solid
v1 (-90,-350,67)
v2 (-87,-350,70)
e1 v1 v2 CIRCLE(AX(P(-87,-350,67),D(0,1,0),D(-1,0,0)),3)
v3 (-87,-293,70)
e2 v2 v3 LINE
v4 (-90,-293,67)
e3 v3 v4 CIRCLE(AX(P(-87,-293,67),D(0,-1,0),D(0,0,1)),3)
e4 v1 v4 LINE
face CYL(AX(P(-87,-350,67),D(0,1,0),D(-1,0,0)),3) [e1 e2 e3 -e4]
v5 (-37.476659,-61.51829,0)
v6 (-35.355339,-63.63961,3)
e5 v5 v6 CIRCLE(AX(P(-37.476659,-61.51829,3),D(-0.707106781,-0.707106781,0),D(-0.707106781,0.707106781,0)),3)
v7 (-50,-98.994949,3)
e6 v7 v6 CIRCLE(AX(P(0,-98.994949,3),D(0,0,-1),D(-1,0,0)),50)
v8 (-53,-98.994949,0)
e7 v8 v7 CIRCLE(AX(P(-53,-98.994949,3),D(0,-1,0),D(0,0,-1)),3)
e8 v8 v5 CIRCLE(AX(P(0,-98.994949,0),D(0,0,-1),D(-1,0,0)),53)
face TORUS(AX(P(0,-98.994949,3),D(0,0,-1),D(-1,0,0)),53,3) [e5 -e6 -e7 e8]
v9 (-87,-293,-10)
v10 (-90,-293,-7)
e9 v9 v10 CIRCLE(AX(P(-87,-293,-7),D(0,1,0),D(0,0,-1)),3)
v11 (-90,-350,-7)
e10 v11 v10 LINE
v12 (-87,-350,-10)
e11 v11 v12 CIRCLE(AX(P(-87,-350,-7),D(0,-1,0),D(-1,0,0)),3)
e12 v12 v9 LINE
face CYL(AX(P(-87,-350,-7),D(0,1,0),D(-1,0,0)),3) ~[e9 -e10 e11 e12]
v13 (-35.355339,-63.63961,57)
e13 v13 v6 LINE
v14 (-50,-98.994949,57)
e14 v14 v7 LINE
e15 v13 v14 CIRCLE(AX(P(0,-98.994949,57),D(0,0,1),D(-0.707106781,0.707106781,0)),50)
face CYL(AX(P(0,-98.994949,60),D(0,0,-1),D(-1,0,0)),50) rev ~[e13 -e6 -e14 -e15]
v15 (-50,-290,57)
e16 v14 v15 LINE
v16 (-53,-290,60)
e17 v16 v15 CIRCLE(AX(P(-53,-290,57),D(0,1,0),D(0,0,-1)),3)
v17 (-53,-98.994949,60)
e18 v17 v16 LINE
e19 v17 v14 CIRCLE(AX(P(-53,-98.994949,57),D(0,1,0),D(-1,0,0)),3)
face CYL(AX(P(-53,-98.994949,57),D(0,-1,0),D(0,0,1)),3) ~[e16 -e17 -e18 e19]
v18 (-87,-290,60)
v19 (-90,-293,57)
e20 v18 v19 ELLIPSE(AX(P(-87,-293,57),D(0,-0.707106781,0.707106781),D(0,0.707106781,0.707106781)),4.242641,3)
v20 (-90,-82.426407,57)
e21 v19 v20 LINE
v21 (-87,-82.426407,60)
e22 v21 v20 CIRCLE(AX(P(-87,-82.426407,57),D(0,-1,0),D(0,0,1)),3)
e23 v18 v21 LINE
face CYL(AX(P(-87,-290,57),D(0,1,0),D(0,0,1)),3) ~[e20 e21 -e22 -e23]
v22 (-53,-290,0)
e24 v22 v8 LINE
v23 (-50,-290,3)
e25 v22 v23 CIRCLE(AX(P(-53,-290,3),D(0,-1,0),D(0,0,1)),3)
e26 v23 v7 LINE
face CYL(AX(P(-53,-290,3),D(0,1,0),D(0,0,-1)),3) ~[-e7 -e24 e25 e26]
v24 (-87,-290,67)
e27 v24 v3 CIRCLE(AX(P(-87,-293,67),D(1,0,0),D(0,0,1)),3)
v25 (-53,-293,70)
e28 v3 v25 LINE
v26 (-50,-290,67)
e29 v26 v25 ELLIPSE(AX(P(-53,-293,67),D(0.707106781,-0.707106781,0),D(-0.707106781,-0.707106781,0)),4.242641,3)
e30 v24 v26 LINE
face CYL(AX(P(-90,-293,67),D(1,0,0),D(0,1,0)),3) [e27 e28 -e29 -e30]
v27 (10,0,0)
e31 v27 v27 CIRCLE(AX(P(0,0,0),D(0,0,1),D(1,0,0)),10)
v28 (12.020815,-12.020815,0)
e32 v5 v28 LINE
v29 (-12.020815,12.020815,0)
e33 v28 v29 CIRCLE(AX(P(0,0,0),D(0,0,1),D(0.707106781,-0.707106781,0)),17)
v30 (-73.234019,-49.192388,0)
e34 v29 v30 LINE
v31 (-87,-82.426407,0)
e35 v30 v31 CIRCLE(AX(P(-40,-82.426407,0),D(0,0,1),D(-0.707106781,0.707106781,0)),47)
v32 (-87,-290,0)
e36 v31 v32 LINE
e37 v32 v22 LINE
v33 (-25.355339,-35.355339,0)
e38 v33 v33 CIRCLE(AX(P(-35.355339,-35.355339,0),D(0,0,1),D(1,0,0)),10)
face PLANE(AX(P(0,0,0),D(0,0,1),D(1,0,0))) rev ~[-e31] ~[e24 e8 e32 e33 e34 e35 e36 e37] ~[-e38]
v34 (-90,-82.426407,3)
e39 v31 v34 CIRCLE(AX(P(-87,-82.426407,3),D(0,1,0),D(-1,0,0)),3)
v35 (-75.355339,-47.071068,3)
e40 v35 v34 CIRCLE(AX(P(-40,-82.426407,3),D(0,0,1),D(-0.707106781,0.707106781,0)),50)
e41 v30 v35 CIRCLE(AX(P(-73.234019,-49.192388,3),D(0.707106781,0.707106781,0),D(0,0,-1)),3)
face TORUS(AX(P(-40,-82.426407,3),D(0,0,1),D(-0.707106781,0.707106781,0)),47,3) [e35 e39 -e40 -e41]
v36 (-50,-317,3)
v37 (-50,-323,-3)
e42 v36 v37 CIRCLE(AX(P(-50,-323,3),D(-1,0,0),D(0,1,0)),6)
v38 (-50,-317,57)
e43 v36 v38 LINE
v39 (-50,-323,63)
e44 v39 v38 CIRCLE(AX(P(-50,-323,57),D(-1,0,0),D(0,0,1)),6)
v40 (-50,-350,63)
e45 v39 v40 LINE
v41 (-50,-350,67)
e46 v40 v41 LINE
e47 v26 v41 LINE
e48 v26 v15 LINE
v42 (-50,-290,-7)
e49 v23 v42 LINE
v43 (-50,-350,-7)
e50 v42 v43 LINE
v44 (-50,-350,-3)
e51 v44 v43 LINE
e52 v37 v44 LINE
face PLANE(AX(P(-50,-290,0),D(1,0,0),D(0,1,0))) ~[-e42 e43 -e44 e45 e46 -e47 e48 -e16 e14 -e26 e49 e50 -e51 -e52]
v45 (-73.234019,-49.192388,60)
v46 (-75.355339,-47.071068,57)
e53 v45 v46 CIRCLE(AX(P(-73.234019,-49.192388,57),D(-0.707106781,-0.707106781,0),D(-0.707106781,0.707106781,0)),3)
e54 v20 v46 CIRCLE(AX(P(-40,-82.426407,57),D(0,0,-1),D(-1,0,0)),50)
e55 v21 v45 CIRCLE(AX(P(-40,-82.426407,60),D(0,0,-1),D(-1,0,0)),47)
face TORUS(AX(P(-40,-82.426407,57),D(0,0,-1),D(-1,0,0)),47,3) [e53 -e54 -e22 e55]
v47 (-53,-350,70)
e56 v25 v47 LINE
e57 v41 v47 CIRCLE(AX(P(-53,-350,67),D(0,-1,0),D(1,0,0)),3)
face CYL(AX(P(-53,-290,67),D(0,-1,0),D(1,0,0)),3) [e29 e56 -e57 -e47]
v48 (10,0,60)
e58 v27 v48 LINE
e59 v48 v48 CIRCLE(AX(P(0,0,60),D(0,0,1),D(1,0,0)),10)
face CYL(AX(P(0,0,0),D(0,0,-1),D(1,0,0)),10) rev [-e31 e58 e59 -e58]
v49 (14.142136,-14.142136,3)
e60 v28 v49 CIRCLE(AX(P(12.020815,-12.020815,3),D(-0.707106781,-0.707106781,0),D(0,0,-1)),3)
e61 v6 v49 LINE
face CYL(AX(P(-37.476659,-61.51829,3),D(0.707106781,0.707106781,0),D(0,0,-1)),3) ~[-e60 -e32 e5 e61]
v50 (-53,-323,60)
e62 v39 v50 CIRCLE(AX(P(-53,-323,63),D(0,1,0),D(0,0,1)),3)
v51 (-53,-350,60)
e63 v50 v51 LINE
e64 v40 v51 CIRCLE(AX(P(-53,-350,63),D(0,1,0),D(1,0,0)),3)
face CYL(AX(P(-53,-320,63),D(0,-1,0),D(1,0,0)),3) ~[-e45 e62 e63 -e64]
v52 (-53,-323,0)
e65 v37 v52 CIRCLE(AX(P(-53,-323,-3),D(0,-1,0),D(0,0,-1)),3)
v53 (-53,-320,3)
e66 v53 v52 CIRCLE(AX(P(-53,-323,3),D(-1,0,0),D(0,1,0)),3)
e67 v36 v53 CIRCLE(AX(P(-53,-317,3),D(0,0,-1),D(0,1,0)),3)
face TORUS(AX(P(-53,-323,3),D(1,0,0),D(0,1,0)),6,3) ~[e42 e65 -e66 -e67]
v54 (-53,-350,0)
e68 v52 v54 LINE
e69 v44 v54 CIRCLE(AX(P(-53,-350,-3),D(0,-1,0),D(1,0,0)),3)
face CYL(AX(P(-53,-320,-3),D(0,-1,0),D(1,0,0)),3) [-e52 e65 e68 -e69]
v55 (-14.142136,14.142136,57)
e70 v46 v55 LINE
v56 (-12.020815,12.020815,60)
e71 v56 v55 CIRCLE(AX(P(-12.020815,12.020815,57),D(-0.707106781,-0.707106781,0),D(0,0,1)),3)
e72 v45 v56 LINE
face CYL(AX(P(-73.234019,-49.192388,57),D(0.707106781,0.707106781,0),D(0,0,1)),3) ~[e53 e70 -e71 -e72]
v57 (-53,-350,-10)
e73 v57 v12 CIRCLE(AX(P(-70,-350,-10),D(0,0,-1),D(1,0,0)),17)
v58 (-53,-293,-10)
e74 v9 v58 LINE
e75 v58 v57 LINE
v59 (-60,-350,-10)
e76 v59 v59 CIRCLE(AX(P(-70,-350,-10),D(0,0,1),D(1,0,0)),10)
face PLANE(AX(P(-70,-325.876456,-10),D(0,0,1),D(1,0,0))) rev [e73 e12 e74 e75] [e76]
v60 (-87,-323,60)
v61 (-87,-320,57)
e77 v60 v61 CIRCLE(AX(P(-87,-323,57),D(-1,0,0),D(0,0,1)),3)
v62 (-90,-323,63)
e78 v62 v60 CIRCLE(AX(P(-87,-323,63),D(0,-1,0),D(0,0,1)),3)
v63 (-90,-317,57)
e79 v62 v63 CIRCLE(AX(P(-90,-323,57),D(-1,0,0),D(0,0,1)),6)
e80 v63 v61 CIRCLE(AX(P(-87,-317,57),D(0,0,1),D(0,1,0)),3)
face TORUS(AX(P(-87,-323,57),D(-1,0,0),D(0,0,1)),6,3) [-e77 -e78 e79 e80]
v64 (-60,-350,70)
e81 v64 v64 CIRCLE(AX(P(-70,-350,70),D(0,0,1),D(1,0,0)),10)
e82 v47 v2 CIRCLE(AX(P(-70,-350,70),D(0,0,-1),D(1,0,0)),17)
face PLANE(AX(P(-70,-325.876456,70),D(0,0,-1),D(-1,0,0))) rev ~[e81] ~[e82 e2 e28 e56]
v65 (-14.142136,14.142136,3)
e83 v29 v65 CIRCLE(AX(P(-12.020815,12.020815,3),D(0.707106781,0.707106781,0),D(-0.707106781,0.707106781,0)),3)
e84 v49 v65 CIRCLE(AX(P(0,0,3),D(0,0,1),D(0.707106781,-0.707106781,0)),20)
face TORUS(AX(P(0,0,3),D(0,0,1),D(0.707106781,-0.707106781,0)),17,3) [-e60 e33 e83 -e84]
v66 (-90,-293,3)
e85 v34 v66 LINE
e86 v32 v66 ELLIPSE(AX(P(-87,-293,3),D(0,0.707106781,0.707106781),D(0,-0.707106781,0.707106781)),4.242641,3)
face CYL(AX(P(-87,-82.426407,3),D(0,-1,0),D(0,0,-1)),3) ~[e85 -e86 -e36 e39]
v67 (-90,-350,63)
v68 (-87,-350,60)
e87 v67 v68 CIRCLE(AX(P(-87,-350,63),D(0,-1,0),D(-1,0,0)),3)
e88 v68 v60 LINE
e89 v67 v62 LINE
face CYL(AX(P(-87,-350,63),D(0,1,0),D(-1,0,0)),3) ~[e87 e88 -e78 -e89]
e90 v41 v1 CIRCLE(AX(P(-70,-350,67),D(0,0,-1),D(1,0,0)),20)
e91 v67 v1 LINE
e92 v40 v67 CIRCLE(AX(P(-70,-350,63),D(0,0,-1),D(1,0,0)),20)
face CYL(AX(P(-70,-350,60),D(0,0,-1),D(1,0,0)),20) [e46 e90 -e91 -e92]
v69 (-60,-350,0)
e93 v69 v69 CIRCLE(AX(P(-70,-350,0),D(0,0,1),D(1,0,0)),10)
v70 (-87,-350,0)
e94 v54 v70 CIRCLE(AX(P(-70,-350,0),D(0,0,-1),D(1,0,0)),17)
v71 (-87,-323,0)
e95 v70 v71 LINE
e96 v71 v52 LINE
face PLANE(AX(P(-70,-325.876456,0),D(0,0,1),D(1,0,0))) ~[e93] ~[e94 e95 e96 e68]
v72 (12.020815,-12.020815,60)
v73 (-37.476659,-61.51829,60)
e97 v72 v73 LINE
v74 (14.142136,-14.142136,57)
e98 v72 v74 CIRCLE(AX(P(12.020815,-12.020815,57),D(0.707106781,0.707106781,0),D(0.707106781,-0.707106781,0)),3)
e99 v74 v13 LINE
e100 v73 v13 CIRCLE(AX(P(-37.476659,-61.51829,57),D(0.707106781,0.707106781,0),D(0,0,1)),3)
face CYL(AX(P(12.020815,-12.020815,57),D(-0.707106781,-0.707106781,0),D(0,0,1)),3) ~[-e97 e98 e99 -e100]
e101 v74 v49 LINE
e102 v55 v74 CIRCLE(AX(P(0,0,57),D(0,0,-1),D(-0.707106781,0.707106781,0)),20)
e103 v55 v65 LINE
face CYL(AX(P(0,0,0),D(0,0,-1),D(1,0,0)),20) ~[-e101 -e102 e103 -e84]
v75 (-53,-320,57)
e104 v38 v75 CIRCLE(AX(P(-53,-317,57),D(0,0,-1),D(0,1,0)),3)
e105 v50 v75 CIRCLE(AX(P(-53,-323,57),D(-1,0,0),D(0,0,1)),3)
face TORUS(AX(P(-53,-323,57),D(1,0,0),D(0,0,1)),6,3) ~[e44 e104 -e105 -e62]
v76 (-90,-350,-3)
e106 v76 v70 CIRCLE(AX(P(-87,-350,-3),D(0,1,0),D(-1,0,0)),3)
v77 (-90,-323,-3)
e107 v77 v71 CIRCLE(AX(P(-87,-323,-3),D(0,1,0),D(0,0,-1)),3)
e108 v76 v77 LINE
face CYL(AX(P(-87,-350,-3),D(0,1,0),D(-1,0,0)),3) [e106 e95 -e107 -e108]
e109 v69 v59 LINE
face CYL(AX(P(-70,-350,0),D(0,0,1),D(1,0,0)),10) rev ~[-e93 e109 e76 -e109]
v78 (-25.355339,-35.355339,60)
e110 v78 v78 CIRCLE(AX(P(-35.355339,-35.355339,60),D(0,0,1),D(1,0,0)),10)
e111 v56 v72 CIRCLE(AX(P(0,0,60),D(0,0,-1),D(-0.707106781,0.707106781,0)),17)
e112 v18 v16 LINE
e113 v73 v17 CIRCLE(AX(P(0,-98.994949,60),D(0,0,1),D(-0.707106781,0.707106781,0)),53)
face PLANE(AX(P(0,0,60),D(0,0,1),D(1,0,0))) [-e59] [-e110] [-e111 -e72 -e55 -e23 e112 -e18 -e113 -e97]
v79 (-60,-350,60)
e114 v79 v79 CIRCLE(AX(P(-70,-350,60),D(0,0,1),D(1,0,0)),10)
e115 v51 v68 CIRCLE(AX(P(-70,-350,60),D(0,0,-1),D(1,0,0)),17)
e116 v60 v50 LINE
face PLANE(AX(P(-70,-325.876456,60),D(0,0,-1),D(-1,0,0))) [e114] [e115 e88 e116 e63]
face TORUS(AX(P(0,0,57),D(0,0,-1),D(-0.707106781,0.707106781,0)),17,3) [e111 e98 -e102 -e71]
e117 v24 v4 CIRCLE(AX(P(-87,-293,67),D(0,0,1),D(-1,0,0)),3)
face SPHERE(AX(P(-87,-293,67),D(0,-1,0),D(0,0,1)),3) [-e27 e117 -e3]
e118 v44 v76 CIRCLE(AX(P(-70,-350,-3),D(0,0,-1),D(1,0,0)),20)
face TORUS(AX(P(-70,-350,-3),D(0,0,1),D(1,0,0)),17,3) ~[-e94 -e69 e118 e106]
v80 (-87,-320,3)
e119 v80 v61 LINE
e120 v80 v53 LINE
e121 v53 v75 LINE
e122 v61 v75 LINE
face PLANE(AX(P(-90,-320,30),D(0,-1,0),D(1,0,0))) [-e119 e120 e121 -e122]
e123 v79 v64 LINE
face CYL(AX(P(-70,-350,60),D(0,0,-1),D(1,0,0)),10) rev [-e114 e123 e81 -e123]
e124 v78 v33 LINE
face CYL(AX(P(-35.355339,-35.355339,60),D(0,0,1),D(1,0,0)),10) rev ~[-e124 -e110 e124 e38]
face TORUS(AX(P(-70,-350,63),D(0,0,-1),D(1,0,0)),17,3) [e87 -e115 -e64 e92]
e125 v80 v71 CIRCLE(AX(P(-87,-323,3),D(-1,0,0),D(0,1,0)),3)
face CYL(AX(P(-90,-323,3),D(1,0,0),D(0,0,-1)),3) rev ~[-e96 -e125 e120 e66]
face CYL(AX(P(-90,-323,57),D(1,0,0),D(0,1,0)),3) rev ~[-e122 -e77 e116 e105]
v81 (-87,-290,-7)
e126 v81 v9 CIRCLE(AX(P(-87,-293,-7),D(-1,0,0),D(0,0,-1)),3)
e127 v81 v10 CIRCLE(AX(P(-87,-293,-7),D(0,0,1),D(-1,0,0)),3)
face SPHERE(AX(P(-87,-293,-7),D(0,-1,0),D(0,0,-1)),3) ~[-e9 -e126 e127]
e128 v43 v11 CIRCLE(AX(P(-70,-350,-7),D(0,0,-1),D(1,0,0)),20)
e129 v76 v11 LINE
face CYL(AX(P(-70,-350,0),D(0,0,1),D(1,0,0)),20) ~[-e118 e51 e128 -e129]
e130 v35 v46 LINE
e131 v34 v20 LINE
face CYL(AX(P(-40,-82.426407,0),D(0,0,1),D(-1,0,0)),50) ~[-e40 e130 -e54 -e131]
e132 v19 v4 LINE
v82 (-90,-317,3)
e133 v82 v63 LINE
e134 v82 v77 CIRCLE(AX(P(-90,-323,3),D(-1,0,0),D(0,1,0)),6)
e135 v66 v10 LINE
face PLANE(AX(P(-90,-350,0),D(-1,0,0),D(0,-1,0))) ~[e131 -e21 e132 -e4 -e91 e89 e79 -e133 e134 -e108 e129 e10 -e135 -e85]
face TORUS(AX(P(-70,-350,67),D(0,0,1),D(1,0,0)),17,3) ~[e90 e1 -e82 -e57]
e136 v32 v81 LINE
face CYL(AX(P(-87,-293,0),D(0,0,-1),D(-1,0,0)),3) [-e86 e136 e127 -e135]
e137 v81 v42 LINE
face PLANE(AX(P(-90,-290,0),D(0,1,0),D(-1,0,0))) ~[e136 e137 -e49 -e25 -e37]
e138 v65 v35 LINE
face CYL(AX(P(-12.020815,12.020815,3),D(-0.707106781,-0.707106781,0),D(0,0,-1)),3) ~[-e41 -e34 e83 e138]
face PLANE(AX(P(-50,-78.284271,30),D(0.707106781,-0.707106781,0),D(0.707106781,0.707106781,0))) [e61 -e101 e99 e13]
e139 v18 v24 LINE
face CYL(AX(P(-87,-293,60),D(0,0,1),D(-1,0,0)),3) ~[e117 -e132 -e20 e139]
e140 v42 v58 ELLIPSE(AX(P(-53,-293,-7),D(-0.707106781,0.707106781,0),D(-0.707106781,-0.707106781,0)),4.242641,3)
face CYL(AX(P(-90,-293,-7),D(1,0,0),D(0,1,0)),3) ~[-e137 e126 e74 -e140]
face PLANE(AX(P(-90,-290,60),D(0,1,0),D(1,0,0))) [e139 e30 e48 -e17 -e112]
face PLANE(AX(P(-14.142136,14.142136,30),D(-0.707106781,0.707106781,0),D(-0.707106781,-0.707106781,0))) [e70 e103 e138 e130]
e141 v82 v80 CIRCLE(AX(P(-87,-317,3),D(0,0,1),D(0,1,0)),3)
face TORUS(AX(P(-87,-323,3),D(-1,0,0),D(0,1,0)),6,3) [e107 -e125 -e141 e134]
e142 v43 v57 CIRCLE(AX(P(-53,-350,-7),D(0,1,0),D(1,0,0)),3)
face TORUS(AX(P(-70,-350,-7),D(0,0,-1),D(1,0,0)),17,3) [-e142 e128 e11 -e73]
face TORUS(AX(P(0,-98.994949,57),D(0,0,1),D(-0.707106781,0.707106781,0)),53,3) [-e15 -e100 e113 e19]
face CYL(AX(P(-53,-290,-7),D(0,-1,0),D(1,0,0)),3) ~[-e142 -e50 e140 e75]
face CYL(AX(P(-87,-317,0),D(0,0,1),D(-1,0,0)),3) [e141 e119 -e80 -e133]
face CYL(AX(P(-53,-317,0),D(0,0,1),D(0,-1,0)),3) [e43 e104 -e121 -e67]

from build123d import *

# Parameters (mm, degrees)
SKETCH_1_R          = 20
SKETCH_1_R_2        = 10
EXTRUDE_1_DEPTH     = 60
EXTRUDE_2_DEPTH     = 30
SKETCH_4_R          = 10
EXTRUDE_3_DEPTH     = 10
SKETCH_8_R          = 10
CUT_EXTRUDE_1_DEPTH = 100
FILLET_1_R          = 50
FILLET_2_R          = 3


with BuildPart() as part:
    # 草图1 → 凸台-拉伸1 (new body)
    with BuildSketch(Plane.XY):
        Circle(SKETCH_1_R)
        Circle(SKETCH_1_R_2, mode=Mode.SUBTRACT)
    extrude(amount=EXTRUDE_1_DEPTH)

    # 草图2 → 凸台-拉伸2 (add, symmetric)
    with BuildSketch(Plane.XY.offset(30)):
        with BuildLine():
            Line((-14.142135624, 14.142135624), (-90, -61.715728753))
            Line((-90, -61.715728753), (-90, -320))
            Line((-90, -320), (-50, -320))
            Line((-50, -320), (-50, -78.284271247))
            Line((-50, -78.284271247), (14.142135624, -14.142135624))
            ThreePointArc((14.142135624, -14.142135624), (-14.142135624, -14.142135624), (-14.142135624, 14.142135624))
        make_face()
    extrude(amount=EXTRUDE_2_DEPTH, both=True)

    # 草图4 → 凸台-拉伸3 (add)
    with BuildSketch(Plane.XY.offset(60)):
        with BuildLine():
            Line((-90, -290), (-50, -290))
            Line((-50, -290), (-50, -350))
            ThreePointArc((-50, -350), (-70, -370), (-90, -350))
            Line((-90, -350), (-90, -290))
        make_face()
        with Locations((-70, -350)):
            Circle(SKETCH_4_R, mode=Mode.SUBTRACT)
    extrude_3 = extrude(amount=EXTRUDE_3_DEPTH)

    # 镜向1: 凸台-拉伸3 across plane
    add(extrude_3.mirror(Plane.XY.offset(30)))

    # 草图8 → 切除-拉伸1 (cut)
    with BuildSketch(Plane.XY.offset(60)):
        with Locations((-35.355339059, -35.355339059)):
            Circle(SKETCH_8_R)
    extrude(amount=-CUT_EXTRUDE_1_DEPTH, mode=Mode.SUBTRACT)

    # 圆角1
    fillet_1_edges = [part.edges().sort_by_distance(p)[0] for p in [
        (-50, -78.284271247, 30),
        (-90, -61.715728753, 30),
    ]]
    fillet(fillet_1_edges, radius=FILLET_1_R)

    # 圆角2
    fillet_2_edges = [part.edges().sort_by_distance(p)[0] for p in [
        (14.142135624, 14.142135624, 60),
        (14.142135624, 14.142135624, 0),
        (-10.606601718, -38.890872965, 60),
        (-44.748737342, -16.464466094, 0),
        (-70, -320, 0),
        (-90, -320, 30),
        (-50, -320, 30),
        (-44.748737342, -16.464466094, 60),
        (-70, -320, 60),
        (-10.606601718, -38.890872965, 0),
        (-90, -320, 70),
        (-70, -370, 70),
        (-50, -320, 70),
        (-70, -290, 70),
        (-90, -335, 60),
        (-90, -290, 65),
        (-70, -370, 60),
        (-50, -335, 60),
        (-90, -320, -10),
        (-70, -290, -10),
        (-90, -290, -5),
        (-50, -320, -10),
        (-70, -370, -10),
        (-90, -335, 0),
        (-70, -370, 0),
        (-50, -335, 0),
        (-90, -186.213203436, 0),
        (-90, -186.213203436, 60),
        (-50, -194.497474683, 0),
        (-86.193976626, -63.292235253, 0),
        (-50, -194.497474683, 60),
        (-86.193976626, -63.292235253, 60),
        (-46.193976626, -79.860777748, 0),
        (-46.193976626, -79.860777748, 60),
    ]]
    fillet(fillet_2_edges, radius=FILLET_2_R)


solid = part.part
